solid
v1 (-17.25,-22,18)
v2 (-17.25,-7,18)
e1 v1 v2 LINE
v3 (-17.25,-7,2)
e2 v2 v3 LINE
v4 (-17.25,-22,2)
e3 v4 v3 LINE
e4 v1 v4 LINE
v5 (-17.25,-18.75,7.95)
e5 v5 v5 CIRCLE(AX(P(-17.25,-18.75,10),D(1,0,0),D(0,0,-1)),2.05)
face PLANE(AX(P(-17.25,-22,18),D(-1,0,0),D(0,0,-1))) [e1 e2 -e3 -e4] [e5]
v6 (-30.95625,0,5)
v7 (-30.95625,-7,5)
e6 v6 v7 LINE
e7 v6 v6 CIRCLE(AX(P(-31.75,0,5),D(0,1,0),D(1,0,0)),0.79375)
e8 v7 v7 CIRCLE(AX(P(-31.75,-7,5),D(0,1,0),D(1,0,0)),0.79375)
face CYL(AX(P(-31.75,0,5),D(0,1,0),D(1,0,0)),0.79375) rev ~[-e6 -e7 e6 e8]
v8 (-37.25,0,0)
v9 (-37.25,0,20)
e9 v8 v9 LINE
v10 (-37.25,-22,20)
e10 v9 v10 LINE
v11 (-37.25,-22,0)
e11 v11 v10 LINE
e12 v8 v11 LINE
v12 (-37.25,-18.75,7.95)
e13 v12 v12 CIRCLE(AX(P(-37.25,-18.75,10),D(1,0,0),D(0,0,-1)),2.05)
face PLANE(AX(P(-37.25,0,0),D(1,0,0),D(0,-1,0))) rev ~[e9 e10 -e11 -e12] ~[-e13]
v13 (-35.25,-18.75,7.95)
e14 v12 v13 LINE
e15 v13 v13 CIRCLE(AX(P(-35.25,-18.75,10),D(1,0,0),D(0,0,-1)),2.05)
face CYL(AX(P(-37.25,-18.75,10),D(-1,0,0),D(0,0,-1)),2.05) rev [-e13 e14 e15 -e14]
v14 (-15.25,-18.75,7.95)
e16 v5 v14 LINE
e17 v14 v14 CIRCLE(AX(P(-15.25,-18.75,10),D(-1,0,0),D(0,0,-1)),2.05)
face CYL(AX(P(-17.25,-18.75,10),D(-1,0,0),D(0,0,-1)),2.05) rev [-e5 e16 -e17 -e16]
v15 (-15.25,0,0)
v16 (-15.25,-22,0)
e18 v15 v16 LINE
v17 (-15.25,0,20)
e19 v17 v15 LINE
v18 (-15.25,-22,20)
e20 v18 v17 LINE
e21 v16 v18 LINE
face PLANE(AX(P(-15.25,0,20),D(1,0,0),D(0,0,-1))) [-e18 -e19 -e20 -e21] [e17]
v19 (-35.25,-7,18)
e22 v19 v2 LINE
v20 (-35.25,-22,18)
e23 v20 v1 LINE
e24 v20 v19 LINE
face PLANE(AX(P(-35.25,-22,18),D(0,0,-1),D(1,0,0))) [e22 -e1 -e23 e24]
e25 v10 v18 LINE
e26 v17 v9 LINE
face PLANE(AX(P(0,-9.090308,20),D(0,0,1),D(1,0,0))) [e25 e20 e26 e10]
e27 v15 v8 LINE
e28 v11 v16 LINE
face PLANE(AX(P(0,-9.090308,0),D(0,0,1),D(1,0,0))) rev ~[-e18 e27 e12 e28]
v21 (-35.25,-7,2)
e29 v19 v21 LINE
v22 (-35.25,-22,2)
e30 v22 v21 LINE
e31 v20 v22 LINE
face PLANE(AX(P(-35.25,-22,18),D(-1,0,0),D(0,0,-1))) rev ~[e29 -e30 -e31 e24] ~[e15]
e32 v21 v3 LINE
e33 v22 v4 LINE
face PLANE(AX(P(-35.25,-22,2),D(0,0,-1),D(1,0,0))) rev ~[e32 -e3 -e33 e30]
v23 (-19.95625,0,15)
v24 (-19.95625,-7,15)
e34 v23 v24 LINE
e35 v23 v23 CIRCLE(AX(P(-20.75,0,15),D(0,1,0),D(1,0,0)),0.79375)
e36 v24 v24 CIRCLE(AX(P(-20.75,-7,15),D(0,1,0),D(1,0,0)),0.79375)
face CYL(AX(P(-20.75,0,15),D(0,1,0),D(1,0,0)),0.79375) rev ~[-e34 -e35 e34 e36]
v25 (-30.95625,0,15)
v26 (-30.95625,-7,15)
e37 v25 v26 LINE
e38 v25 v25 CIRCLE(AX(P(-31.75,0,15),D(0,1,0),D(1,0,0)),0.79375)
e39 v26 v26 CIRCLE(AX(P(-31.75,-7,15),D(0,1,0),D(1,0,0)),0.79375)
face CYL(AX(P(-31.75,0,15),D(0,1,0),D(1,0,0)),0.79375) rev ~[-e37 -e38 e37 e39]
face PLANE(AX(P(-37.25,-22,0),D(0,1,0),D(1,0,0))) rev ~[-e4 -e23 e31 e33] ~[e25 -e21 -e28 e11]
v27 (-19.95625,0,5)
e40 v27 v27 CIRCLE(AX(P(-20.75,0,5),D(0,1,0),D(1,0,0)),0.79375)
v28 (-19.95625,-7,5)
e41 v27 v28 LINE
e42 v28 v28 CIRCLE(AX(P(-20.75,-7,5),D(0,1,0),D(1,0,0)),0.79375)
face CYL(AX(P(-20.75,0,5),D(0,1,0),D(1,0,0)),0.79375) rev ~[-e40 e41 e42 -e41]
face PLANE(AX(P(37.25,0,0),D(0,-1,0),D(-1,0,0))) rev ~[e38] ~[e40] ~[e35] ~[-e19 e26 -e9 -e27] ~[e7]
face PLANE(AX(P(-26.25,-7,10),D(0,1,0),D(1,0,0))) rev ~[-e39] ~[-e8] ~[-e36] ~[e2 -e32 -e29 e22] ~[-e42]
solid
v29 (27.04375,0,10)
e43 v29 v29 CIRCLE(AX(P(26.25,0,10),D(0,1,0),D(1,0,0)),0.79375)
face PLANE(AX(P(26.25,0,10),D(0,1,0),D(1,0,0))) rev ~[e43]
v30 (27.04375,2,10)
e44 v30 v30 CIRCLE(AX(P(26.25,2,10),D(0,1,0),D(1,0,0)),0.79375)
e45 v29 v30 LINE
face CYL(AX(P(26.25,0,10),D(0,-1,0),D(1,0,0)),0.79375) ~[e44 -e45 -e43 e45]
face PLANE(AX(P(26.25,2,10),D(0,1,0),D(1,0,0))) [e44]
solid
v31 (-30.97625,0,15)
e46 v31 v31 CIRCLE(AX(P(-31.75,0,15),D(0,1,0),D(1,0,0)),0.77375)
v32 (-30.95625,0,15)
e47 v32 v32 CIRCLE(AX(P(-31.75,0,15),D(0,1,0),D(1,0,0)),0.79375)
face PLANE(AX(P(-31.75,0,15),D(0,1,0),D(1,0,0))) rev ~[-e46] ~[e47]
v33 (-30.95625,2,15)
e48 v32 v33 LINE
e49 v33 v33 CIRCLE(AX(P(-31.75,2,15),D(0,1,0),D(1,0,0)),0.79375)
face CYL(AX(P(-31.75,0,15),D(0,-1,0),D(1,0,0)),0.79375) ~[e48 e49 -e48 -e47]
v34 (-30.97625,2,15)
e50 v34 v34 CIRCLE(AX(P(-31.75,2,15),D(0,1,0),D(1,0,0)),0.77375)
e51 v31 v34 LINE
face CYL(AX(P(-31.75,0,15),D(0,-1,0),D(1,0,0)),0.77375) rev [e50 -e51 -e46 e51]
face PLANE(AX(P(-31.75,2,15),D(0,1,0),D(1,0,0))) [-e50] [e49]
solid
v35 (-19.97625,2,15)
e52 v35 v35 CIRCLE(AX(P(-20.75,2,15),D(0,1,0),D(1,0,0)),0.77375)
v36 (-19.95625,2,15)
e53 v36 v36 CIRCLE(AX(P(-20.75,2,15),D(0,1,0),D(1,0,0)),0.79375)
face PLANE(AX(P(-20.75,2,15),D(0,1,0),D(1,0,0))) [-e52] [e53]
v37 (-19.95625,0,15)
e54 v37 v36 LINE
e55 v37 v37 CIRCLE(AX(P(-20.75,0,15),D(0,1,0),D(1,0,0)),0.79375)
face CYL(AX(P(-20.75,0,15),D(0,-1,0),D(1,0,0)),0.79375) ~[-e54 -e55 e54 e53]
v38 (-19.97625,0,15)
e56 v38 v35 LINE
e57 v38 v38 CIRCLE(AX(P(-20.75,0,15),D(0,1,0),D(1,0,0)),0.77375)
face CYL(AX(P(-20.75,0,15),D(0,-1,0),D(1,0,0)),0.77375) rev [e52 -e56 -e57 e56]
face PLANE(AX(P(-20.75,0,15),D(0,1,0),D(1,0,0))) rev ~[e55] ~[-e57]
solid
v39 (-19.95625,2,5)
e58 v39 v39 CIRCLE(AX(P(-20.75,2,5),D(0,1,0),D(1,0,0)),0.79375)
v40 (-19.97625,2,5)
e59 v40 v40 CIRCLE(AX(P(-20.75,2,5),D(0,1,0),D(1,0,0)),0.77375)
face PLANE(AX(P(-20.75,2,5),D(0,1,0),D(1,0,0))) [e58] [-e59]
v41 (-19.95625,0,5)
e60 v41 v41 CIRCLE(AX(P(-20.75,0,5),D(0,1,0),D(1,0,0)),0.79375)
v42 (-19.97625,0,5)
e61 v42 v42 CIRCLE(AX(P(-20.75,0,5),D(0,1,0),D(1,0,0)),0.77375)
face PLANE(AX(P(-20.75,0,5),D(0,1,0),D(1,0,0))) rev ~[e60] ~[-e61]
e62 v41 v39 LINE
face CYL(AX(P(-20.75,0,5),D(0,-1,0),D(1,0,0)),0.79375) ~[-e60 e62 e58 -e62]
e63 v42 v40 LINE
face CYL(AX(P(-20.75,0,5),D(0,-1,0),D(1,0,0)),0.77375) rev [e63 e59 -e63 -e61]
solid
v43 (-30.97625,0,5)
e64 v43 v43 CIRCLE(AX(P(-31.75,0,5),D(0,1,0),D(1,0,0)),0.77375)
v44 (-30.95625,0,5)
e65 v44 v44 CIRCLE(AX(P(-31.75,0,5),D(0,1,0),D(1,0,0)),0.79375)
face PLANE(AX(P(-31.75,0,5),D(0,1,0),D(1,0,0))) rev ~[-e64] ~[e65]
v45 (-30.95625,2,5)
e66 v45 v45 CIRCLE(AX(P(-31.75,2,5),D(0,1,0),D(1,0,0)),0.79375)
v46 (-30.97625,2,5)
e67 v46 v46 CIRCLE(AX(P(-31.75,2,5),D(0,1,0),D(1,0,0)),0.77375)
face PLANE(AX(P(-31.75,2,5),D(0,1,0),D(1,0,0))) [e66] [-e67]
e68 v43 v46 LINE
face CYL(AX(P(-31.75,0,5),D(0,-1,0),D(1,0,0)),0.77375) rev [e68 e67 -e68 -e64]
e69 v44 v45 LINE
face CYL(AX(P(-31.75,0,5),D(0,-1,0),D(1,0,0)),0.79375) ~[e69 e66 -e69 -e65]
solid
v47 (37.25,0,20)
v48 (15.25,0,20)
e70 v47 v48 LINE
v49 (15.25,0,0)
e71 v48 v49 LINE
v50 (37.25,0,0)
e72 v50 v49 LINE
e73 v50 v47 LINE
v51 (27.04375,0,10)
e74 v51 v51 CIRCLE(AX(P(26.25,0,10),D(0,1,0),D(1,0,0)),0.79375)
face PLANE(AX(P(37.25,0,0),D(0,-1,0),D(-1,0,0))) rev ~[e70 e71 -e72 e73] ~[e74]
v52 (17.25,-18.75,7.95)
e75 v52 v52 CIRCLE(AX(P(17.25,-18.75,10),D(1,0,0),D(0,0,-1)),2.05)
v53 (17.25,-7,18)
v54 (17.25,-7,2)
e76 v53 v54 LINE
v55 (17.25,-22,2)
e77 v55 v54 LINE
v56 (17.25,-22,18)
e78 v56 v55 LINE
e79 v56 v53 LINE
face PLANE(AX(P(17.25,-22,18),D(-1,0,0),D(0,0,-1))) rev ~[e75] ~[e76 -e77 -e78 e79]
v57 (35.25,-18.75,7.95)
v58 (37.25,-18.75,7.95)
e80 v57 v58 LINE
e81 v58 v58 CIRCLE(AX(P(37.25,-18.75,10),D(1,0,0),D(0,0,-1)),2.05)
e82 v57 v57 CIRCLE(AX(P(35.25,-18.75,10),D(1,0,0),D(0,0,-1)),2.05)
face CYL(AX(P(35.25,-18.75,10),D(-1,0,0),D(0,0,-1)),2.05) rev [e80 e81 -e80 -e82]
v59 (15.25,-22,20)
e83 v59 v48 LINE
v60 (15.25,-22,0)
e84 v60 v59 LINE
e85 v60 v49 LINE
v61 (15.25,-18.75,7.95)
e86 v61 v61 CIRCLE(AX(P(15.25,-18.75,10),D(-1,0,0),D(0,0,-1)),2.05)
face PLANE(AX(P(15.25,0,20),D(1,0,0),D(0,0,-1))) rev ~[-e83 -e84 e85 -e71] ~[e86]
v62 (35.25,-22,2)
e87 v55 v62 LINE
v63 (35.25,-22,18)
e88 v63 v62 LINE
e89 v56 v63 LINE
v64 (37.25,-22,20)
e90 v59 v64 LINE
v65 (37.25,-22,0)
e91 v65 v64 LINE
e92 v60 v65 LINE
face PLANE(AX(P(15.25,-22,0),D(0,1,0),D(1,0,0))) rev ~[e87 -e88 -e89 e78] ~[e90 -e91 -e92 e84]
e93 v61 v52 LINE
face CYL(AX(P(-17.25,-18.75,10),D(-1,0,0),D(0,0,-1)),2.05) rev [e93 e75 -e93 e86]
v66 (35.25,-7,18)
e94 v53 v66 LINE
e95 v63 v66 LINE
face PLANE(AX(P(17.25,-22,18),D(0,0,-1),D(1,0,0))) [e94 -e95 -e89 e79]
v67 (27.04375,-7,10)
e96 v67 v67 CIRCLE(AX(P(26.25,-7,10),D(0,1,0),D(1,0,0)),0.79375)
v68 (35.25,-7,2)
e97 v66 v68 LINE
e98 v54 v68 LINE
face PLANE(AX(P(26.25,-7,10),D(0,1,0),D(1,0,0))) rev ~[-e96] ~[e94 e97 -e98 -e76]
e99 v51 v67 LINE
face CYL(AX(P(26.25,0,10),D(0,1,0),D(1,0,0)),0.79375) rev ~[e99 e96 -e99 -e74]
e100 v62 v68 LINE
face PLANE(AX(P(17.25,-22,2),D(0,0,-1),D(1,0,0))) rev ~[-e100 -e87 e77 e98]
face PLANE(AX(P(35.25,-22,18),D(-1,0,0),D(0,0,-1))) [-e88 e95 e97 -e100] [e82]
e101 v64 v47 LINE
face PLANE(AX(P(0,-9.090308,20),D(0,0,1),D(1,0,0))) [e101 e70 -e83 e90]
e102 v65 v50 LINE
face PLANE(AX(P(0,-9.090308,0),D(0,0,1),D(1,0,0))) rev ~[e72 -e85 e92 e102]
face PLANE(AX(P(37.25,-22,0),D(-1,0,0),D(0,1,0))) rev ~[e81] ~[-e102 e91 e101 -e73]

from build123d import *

# Parameters (mm, degrees)
BOSS_EXTRUDE1_DEPTH   = 20
CUT_EXTRUDE2_START    = -22
SKETCH3_W             = 18
SKETCH3_H             = 16
CUT_EXTRUDE2_DEPTH    = 15
SKETCH4_R             = 0.79375
CUT_EXTRUDE3_DEPTH    = 23
SKETCH5_R             = 0.79375
SKETCH5_R_2           = 0.77375
BOSS_EXTRUDE3_DEPTH   = 2
BOSS_EXTRUDE3_2_DEPTH = 2
BOSS_EXTRUDE3_3_DEPTH = 2
BOSS_EXTRUDE3_4_DEPTH = 2
BOSS_EXTRUDE3_5_DEPTH = 2
CUT_EXTRUDE6_START    = 35.25
SKETCH11_R            = 2.05
CUT_EXTRUDE6_DEPTH    = 2
CUT_EXTRUDE7_START    = -37.25
SKETCH11_2_R          = 2.05
CUT_EXTRUDE7_DEPTH    = 2
CUT_EXTRUDE8_START    = -17.25
SKETCH11_3_R          = 2.05
CUT_EXTRUDE8_DEPTH    = 34.5
SKETCH6_R             = 2.05
CUT_EXTRUDE9_DEPTH    = 23
SKETCH12_W            = 30.5
SKETCH12_H            = 20
CUT_EXTRUDE10_DEPTH   = 23


with BuildPart() as part:
    # Sketch1 → Boss-Extrude1 (new body)
    with BuildSketch(Plane.XY):
        Polygon((37.25, 0), (-37.25, 0), (-37.25, -22), (-15.25, -22), (-15.25, -5), (15.25, -5), (15.25, -22), (37.25, -22), align=None)
    extrude(amount=BOSS_EXTRUDE1_DEPTH)

    # Sketch3 → Cut-Extrude2 (cut)
    with BuildSketch(Plane(origin=(0, 0, 0), x_dir=(1, 0, 0), z_dir=(0, 1, 0)).offset(CUT_EXTRUDE2_START)):
        with Locations((-26.25, -10)):
            Rectangle(SKETCH3_W, SKETCH3_H)
        with Locations((26.25, -10)):
            Rectangle(SKETCH3_W, SKETCH3_H)
    extrude(amount=CUT_EXTRUDE2_DEPTH, mode=Mode.SUBTRACT)

    # Sketch4 → Cut-Extrude3 (cut, through all)
    with BuildSketch(Plane(origin=(0, 0, 0), x_dir=(1, 0, 0), z_dir=(0, 1, 0))):
        with Locations((-31.75, -5)):
            Circle(SKETCH4_R)
        with Locations((-20.75, -5)):
            Circle(SKETCH4_R)
        with Locations((-20.75, -15)):
            Circle(SKETCH4_R)
        with Locations((-31.75, -15)):
            Circle(SKETCH4_R)
        with Locations((26.25, -10)):
            Circle(SKETCH4_R)
    extrude(amount=-CUT_EXTRUDE3_DEPTH, mode=Mode.SUBTRACT)

    # Sketch11 → Cut-Extrude6 (cut)
    with BuildSketch(Plane(origin=(0, 0, 0), x_dir=(0, 0, -1), z_dir=(1, 0, 0)).offset(CUT_EXTRUDE6_START)):
        with Locations((-10, -18.75)):
            Circle(SKETCH11_R)
    extrude(amount=CUT_EXTRUDE6_DEPTH, mode=Mode.SUBTRACT)

    # Sketch11<2> → Cut-Extrude7 (cut)
    with BuildSketch(Plane(origin=(0, 0, 0), x_dir=(0, 0, -1), z_dir=(1, 0, 0)).offset(CUT_EXTRUDE7_START)):
        with Locations((-10, -18.75)):
            Circle(SKETCH11_2_R)
    extrude(amount=CUT_EXTRUDE7_DEPTH, mode=Mode.SUBTRACT)

    # Sketch11<3> → Cut-Extrude8 (cut)
    with BuildSketch(Plane(origin=(0, 0, 0), x_dir=(0, 0, -1), z_dir=(1, 0, 0)).offset(CUT_EXTRUDE8_START)):
        with Locations((-10, -18.75)):
            Circle(SKETCH11_3_R)
    extrude(amount=CUT_EXTRUDE8_DEPTH, mode=Mode.SUBTRACT)

    # Sketch6 → Cut-Extrude9 (cut, through all)
    with BuildSketch(Plane(origin=(0, 0, 0), x_dir=(1, 0, 0), z_dir=(0, 1, 0))):
        with Locations((0, -10)):
            Circle(SKETCH6_R)
    extrude(amount=-CUT_EXTRUDE9_DEPTH, mode=Mode.SUBTRACT)

    # Sketch12 → Cut-Extrude10 (cut, through all)
    with BuildSketch(Plane(origin=(0, 0, 0), x_dir=(1, 0, 0), z_dir=(0, 1, 0))):
        with Locations((0, -10)):
            Rectangle(SKETCH12_W, SKETCH12_H)
    extrude(amount=-CUT_EXTRUDE10_DEPTH, mode=Mode.SUBTRACT)


with BuildPart() as body_2:
    # Sketch5 → Boss-Extrude3 (new body)
    with BuildSketch(Plane(origin=(0, 0, 0), x_dir=(1, 0, 0), z_dir=(0, 1, 0))):
        with Locations((-31.75, -5)):
            Circle(SKETCH5_R)
        with Locations((-31.75, -5)):
            Circle(SKETCH5_R_2, mode=Mode.SUBTRACT)
    extrude(amount=BOSS_EXTRUDE3_DEPTH)


with BuildPart() as body_3:
    # Sketch5 → Boss-Extrude3 2 (new body)
    with BuildSketch(Plane(origin=(0, 0, 0), x_dir=(1, 0, 0), z_dir=(0, 1, 0))):
        with Locations((-20.75, -5)):
            Circle(SKETCH5_R)
        with Locations((-20.75, -5)):
            Circle(SKETCH5_R_2, mode=Mode.SUBTRACT)
    extrude(amount=BOSS_EXTRUDE3_2_DEPTH)


with BuildPart() as body_4:
    # Sketch5 → Boss-Extrude3 3 (new body)
    with BuildSketch(Plane(origin=(0, 0, 0), x_dir=(1, 0, 0), z_dir=(0, 1, 0))):
        with Locations((-20.75, -15)):
            Circle(SKETCH5_R)
        with Locations((-20.75, -15)):
            Circle(SKETCH5_R_2, mode=Mode.SUBTRACT)
    extrude(amount=BOSS_EXTRUDE3_3_DEPTH)


with BuildPart() as body_5:
    # Sketch5 → Boss-Extrude3 4 (new body)
    with BuildSketch(Plane(origin=(0, 0, 0), x_dir=(1, 0, 0), z_dir=(0, 1, 0))):
        with Locations((-31.75, -15)):
            Circle(SKETCH5_R)
        with Locations((-31.75, -15)):
            Circle(SKETCH5_R_2, mode=Mode.SUBTRACT)
    extrude(amount=BOSS_EXTRUDE3_4_DEPTH)


with BuildPart() as body_6:
    # Sketch5 → Boss-Extrude3 5 (new body)
    with BuildSketch(Plane(origin=(0, 0, 0), x_dir=(1, 0, 0), z_dir=(0, 1, 0))):
        with Locations((26.25, -10)):
            Circle(SKETCH5_R)
    extrude(amount=BOSS_EXTRUDE3_5_DEPTH)


solid = Compound([part.part, body_2.part, body_3.part, body_4.part, body_5.part, body_6.part])
